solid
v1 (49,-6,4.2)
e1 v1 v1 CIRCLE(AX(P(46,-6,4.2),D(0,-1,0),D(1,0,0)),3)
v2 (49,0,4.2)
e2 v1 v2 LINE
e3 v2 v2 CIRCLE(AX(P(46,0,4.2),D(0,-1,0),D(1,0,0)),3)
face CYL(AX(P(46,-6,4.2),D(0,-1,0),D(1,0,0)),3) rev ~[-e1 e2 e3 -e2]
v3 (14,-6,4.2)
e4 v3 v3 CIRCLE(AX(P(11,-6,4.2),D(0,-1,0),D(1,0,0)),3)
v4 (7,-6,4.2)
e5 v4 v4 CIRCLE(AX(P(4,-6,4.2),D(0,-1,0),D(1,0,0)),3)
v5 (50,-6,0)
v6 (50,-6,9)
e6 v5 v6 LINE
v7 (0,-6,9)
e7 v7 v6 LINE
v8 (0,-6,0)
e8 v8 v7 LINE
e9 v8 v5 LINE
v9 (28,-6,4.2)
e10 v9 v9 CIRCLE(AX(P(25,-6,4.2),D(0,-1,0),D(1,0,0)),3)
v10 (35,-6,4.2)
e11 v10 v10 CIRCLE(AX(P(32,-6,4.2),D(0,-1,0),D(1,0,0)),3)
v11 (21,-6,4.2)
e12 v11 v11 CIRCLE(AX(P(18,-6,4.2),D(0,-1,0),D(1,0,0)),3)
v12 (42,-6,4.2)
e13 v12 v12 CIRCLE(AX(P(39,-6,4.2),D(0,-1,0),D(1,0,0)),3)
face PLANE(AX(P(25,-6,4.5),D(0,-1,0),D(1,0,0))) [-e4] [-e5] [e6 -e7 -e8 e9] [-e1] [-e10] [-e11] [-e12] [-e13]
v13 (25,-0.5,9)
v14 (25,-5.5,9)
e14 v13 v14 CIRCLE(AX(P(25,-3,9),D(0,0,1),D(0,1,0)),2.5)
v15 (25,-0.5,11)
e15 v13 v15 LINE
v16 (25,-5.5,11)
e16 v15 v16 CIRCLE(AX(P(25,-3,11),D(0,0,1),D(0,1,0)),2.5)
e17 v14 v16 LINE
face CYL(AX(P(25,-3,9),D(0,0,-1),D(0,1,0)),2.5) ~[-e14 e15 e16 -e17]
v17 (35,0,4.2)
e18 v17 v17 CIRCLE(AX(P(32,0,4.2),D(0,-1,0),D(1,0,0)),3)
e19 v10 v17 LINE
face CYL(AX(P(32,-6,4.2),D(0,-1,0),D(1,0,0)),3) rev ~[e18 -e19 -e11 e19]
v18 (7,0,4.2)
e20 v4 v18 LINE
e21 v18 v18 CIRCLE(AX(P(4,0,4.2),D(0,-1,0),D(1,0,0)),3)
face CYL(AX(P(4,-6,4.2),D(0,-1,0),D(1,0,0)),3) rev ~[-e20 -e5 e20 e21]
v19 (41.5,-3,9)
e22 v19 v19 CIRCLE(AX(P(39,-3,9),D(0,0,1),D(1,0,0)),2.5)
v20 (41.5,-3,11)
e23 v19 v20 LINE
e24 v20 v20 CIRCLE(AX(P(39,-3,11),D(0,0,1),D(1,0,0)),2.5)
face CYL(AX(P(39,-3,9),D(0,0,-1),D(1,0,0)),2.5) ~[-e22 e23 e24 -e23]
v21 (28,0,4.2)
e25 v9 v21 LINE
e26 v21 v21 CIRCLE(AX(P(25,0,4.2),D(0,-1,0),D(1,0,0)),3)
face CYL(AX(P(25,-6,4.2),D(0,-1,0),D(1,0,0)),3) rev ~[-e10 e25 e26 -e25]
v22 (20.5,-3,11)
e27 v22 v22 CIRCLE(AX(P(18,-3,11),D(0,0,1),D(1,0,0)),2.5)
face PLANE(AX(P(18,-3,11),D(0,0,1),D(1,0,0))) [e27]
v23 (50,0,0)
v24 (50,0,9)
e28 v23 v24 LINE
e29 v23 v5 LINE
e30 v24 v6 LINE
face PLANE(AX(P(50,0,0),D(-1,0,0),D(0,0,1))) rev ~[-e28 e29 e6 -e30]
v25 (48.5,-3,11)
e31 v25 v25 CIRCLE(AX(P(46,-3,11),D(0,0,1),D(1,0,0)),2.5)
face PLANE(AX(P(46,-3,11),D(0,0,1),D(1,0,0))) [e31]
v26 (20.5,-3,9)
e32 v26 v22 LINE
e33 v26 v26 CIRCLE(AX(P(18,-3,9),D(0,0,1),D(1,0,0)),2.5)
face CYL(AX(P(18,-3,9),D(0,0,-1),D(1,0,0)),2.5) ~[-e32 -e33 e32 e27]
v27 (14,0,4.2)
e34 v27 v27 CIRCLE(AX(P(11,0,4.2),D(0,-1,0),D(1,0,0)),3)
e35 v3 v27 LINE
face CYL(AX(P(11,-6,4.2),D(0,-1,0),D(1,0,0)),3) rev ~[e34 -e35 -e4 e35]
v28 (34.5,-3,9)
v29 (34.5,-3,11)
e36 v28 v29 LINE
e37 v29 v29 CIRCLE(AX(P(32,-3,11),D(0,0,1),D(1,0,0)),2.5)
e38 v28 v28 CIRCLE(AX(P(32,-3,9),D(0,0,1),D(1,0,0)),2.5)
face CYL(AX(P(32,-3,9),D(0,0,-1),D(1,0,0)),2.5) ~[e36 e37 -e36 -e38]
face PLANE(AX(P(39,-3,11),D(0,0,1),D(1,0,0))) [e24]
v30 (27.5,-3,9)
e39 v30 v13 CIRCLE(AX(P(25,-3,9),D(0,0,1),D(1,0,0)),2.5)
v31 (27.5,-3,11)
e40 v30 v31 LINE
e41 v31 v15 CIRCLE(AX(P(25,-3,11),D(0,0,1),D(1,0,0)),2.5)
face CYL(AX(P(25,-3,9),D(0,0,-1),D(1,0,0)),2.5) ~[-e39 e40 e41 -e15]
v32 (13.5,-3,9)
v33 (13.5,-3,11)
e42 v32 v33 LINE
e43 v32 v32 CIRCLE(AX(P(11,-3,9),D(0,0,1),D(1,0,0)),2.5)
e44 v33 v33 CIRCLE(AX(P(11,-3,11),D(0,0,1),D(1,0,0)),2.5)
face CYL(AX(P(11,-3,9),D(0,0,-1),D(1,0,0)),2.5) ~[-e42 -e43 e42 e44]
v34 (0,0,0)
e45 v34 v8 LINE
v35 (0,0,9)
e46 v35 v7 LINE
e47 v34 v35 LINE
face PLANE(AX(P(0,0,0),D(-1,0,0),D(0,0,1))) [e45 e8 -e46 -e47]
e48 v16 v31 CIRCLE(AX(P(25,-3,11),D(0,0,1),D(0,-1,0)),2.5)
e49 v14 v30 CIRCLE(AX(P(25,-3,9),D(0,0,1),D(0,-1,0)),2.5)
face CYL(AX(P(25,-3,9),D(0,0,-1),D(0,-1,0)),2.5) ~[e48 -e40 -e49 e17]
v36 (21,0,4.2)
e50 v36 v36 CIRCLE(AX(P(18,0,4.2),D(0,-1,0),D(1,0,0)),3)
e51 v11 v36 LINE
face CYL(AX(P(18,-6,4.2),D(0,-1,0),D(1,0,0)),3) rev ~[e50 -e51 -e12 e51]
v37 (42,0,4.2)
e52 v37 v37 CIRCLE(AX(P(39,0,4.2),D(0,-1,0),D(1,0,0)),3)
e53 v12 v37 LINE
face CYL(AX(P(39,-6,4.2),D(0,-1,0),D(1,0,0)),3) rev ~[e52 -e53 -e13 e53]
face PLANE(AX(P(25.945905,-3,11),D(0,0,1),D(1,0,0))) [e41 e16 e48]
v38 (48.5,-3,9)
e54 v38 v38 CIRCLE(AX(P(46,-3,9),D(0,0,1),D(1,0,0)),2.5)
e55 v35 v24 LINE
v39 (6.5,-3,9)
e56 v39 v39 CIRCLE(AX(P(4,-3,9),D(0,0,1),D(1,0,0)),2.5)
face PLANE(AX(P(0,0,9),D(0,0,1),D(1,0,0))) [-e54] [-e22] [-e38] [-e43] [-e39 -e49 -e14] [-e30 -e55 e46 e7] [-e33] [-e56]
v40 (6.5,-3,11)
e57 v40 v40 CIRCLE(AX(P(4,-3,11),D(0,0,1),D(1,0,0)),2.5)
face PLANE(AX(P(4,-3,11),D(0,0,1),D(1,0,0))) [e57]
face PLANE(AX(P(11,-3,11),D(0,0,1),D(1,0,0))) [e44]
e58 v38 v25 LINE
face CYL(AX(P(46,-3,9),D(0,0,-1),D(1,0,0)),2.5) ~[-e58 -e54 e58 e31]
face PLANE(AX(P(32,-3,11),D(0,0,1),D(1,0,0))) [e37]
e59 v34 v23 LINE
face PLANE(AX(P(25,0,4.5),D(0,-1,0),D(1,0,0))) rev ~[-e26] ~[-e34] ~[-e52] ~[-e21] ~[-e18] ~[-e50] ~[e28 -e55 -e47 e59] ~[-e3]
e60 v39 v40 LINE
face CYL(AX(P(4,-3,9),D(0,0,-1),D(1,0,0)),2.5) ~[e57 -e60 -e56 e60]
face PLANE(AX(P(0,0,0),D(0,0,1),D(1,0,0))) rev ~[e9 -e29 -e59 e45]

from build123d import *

# Parameters (mm, degrees)
F0_W     = 50
F0_H     = 9
F1_DEPTH = 6
F2_R     = 3
F3_DEPTH = 25
F4_R     = 2.5
F5_DEPTH = 2


with BuildPart() as f1:
    # F0 (on Front) → F1 (new body)
    with BuildSketch(Plane.XZ):
        with Locations((25, 4.5)):
            Rectangle(F0_W, F0_H)
    extrude(amount=F1_DEPTH)

    # F2 (on face) → F3 (cut)
    with BuildSketch(Plane.XZ.offset(6)):
        with Locations((4, 4.2)):
            Circle(F2_R)
        with Locations((11, 4.2)):
            Circle(F2_R)
        with Locations((18, 4.2)):
            Circle(F2_R)
        with Locations((25, 4.2)):
            Circle(F2_R)
        with Locations((32, 4.2)):
            Circle(F2_R)
        with Locations((39, 4.2)):
            Circle(F2_R)
        with Locations((46, 4.2)):
            Circle(F2_R)
    extrude(amount=-F3_DEPTH, mode=Mode.SUBTRACT)

    # F4 (on face) → F5 (join)
    with BuildSketch(Plane.XY.offset(9)):
        with Locations((4, -3)):
            Circle(F4_R)
        with Locations((11, -3)):
            Circle(F4_R)
        with Locations((18, -3)):
            Circle(F4_R)
        with BuildLine():
            ThreePointArc((27.5, -3), (26.767766953, -1.232233047), (25, -0.5))
            Line((25, -0.5), (25, -5.5))
            ThreePointArc((25, -5.5), (26.767766953, -4.767766953), (27.5, -3))
        make_face()
        with BuildLine():
            Line((25, -5.5), (25, -0.5))
            ThreePointArc((25, -0.5), (22.5, -3), (25, -5.5))
        make_face()
        with Locations((32, -3)):
            Circle(F4_R)
        with Locations((39, -3)):
            Circle(F4_R)
        with Locations((46, -3)):
            Circle(F4_R)
    extrude(amount=F5_DEPTH)


solid = f1.part
